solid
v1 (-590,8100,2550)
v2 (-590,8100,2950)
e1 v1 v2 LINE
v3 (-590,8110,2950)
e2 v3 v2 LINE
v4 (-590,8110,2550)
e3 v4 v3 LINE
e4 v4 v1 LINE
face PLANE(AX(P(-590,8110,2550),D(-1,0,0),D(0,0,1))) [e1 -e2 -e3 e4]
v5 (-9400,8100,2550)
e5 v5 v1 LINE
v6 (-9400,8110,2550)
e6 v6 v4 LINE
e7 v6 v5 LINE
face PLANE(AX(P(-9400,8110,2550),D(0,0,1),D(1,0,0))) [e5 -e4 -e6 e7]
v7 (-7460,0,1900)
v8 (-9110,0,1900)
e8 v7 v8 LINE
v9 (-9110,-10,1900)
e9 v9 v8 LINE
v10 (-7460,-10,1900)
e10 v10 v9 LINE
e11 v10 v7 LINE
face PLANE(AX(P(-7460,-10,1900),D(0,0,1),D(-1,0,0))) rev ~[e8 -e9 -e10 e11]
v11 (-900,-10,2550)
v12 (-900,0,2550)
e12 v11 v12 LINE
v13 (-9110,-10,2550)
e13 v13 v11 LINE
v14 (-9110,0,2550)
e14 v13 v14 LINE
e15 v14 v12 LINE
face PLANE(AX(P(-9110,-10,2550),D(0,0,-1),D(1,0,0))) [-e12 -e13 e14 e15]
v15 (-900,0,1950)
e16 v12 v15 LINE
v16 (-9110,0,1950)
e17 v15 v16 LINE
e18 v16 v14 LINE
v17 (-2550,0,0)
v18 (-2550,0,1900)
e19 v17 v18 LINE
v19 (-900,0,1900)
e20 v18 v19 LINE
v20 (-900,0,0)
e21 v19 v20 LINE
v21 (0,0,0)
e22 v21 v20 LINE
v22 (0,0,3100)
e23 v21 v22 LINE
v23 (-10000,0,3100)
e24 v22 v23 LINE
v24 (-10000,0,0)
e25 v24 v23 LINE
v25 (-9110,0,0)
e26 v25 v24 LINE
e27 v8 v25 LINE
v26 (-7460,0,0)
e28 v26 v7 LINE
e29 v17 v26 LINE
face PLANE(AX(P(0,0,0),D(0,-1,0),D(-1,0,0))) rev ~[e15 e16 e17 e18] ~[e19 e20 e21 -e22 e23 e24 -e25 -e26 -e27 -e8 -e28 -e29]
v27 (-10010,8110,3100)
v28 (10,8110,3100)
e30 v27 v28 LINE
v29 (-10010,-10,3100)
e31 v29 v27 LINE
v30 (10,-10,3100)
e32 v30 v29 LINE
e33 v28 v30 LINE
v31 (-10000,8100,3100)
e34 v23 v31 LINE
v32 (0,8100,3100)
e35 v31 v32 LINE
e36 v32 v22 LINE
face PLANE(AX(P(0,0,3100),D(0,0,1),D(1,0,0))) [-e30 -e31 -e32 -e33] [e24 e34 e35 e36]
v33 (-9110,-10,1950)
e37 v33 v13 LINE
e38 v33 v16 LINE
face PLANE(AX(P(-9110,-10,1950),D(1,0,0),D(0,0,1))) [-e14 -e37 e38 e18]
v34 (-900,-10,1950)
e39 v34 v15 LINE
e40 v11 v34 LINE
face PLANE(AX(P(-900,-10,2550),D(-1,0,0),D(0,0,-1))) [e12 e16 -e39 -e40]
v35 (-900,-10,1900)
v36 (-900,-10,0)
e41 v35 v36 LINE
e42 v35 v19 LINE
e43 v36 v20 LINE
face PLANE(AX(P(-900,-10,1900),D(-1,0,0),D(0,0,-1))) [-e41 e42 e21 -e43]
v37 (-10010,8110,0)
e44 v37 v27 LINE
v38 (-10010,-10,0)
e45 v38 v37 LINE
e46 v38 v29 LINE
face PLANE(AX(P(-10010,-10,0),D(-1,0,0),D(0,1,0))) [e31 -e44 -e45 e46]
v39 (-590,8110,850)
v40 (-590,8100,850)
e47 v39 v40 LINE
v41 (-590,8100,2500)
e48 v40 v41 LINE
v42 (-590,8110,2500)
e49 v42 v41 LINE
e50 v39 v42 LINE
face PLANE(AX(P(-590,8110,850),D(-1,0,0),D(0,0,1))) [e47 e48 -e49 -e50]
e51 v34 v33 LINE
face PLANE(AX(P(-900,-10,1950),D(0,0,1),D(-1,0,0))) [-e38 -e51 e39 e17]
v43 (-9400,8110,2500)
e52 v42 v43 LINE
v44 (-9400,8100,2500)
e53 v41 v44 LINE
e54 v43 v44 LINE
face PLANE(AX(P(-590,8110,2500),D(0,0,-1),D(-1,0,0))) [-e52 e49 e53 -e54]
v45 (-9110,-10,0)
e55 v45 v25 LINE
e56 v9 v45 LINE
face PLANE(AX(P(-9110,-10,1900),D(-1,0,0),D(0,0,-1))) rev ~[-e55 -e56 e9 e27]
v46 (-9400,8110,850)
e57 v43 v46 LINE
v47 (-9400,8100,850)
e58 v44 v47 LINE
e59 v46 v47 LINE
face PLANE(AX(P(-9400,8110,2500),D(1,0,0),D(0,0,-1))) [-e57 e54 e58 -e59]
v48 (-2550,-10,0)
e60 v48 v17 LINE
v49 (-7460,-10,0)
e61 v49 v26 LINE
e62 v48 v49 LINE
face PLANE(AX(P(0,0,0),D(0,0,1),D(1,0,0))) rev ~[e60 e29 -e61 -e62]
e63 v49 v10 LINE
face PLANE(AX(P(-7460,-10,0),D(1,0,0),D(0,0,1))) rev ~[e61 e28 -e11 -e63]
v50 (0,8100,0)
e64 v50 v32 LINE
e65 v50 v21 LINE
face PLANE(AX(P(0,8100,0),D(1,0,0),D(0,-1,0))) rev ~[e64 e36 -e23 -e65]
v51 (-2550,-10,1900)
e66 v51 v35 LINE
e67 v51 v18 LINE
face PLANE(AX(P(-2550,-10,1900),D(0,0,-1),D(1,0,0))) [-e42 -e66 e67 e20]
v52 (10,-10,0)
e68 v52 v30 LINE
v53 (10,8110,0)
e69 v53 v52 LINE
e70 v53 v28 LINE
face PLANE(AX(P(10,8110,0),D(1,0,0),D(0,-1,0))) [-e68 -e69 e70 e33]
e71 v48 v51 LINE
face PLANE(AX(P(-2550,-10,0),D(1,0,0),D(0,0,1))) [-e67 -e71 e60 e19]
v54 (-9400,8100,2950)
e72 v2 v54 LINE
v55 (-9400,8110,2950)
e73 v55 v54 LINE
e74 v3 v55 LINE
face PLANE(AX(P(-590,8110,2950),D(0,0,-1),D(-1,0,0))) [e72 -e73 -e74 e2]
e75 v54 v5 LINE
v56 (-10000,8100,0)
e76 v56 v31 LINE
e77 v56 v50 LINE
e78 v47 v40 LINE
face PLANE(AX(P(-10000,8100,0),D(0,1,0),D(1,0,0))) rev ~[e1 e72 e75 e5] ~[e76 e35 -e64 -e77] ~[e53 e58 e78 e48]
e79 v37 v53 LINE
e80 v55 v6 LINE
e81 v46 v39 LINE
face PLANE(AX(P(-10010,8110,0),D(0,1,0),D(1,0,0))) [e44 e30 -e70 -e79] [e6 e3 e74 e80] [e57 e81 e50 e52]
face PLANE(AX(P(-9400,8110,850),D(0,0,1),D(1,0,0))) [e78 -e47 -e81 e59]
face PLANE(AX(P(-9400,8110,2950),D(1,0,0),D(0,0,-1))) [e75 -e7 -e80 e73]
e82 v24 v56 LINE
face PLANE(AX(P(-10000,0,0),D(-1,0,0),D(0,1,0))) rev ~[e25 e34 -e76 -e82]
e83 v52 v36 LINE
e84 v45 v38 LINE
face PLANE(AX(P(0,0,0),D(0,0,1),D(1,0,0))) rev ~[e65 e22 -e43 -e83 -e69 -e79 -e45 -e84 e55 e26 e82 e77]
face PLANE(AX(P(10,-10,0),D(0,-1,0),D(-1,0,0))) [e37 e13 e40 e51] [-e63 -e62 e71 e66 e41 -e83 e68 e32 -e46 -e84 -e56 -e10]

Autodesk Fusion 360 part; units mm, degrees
sketch "スケッチ1" plane through (0, 0, 0) normal (0, 1, 0) x (1, 0, 0)
sketch "スケッチ2" plane through (0, 0, 0) normal (0, 0, 1) x (1, 0, 0)
  line L0 (0, 0) -> (-10000, 0)
  line L1 (-10000, 0) -> (-10000, 8100)
  line L2 (-10000, 8100) -> (0, 8100)
  line L3 (0, 8100) -> (0, 0)
  line L4 (10, -10) -> (-10010, -10)
  line L5 (-10010, -10) -> (-10010, 8110)
  line L6 (-10010, 8110) -> (10, 8110)
  line L7 (10, 8110) -> (10, -10)
  point P0 (10, -10)
  dimension "d1" = 10000
  dimension "d2" = 8100
  dimension "d4" = 10020
  dimension "d5" = 8120
extrude "押し出し1" add sketch "スケッチ2" along normal blind 3100
sketch "スケッチ3" plane through (0, -10, 0) normal (0, -1, 0) x (1, 0, 0)
  line L0 (-10010, 0) -> (10, 0)
  line L1 (10, 0) -> (10, 3100)
  line L2 (10, 3100) -> (-10010, 3100)
  line L3 (-10010, 3100) -> (-10010, 0)
  line L4 (-900, 0) -> (-2550, 0)
  line L5 (-2550, 0) -> (-2550, 1900)
  line L6 (-2550, 1900) -> (-900, 1900)
  line L7 (-900, 1900) -> (-900, 0)
  line L8 (-9110, 0) -> (-7460, 0)
  line L9 (-7460, 0) -> (-7460, 1900)
  line L10 (-7460, 1900) -> (-9110, 1900)
  line L11 (-9110, 1900) -> (-9110, 0)
  line L12 (-900, 1950) -> (-9110, 1950)
  line L13 (-9110, 1950) -> (-9110, 2550)
  line L14 (-9110, 2550) -> (-900, 2550)
  line L15 (-900, 2550) -> (-900, 1950)
  point P0 (-900, 0)
  point P1 (-9110, 0)
  point P2 (-900, 1900)
  point P3 (-900, 1950)
  dimension "d8" = 900
  dimension "d9" = 900
  dimension "d12" = 1650
  dimension "d13" = 1900
  dimension "d14" = 50
  dimension "d15" = 600
extrude "押し出し2" cut sketch "スケッチ3" against normal blind 200 contours L0 L8 L9 L10 L11 | L0 L4 L5 L6 L7 | L12 L13 L14 L15
sketch "スケッチ4" plane through (0, 8110, 0) normal (0, 1, 0) x (-1, 0, 0)
  line L0 (-10, 0) -> (10010, 0)
  line L1 (10010, 0) -> (10010, 3100)
  line L2 (10010, 3100) -> (-10, 3100)
  line L3 (-10, 3100) -> (-10, 0)
sketch "スケッチ5" plane through (-5000, 8110, 1550) normal (0, 1, 0) x (-1, 0, 0)
  line L0 (-5010, 1550) -> (-5010, -1550)
  line L1 (-4410, 1400) -> (4400, 1400)
  line L2 (4400, 1400) -> (4400, 1000)
  line L3 (4400, 1000) -> (-4410, 1000)
  line L4 (-4410, 1000) -> (-4410, 1400)
  line L5 (-4410, 950) -> (4400, 950)
  line L6 (4400, 950) -> (4400, -700)
  line L7 (4400, -700) -> (-4410, -700)
  line L8 (-4410, -700) -> (-4410, 950)
  line L9 (-5010, -1550) -> (5010, -1550)
  point P0 (-4410, 1400)
  point P1 (-5010, 1550)
  point P2 (4410, 1400)
  point P3 (5010, 1550)
  point P4 (-4410, 950)
  dimension "d18" = 600
  dimension "d19" = 150
  dimension "d20" = 600
  dimension "d21" = 50
  dimension "d23" = 1650
extrude "押し出し3" cut sketch "スケッチ5" against normal blind 900
